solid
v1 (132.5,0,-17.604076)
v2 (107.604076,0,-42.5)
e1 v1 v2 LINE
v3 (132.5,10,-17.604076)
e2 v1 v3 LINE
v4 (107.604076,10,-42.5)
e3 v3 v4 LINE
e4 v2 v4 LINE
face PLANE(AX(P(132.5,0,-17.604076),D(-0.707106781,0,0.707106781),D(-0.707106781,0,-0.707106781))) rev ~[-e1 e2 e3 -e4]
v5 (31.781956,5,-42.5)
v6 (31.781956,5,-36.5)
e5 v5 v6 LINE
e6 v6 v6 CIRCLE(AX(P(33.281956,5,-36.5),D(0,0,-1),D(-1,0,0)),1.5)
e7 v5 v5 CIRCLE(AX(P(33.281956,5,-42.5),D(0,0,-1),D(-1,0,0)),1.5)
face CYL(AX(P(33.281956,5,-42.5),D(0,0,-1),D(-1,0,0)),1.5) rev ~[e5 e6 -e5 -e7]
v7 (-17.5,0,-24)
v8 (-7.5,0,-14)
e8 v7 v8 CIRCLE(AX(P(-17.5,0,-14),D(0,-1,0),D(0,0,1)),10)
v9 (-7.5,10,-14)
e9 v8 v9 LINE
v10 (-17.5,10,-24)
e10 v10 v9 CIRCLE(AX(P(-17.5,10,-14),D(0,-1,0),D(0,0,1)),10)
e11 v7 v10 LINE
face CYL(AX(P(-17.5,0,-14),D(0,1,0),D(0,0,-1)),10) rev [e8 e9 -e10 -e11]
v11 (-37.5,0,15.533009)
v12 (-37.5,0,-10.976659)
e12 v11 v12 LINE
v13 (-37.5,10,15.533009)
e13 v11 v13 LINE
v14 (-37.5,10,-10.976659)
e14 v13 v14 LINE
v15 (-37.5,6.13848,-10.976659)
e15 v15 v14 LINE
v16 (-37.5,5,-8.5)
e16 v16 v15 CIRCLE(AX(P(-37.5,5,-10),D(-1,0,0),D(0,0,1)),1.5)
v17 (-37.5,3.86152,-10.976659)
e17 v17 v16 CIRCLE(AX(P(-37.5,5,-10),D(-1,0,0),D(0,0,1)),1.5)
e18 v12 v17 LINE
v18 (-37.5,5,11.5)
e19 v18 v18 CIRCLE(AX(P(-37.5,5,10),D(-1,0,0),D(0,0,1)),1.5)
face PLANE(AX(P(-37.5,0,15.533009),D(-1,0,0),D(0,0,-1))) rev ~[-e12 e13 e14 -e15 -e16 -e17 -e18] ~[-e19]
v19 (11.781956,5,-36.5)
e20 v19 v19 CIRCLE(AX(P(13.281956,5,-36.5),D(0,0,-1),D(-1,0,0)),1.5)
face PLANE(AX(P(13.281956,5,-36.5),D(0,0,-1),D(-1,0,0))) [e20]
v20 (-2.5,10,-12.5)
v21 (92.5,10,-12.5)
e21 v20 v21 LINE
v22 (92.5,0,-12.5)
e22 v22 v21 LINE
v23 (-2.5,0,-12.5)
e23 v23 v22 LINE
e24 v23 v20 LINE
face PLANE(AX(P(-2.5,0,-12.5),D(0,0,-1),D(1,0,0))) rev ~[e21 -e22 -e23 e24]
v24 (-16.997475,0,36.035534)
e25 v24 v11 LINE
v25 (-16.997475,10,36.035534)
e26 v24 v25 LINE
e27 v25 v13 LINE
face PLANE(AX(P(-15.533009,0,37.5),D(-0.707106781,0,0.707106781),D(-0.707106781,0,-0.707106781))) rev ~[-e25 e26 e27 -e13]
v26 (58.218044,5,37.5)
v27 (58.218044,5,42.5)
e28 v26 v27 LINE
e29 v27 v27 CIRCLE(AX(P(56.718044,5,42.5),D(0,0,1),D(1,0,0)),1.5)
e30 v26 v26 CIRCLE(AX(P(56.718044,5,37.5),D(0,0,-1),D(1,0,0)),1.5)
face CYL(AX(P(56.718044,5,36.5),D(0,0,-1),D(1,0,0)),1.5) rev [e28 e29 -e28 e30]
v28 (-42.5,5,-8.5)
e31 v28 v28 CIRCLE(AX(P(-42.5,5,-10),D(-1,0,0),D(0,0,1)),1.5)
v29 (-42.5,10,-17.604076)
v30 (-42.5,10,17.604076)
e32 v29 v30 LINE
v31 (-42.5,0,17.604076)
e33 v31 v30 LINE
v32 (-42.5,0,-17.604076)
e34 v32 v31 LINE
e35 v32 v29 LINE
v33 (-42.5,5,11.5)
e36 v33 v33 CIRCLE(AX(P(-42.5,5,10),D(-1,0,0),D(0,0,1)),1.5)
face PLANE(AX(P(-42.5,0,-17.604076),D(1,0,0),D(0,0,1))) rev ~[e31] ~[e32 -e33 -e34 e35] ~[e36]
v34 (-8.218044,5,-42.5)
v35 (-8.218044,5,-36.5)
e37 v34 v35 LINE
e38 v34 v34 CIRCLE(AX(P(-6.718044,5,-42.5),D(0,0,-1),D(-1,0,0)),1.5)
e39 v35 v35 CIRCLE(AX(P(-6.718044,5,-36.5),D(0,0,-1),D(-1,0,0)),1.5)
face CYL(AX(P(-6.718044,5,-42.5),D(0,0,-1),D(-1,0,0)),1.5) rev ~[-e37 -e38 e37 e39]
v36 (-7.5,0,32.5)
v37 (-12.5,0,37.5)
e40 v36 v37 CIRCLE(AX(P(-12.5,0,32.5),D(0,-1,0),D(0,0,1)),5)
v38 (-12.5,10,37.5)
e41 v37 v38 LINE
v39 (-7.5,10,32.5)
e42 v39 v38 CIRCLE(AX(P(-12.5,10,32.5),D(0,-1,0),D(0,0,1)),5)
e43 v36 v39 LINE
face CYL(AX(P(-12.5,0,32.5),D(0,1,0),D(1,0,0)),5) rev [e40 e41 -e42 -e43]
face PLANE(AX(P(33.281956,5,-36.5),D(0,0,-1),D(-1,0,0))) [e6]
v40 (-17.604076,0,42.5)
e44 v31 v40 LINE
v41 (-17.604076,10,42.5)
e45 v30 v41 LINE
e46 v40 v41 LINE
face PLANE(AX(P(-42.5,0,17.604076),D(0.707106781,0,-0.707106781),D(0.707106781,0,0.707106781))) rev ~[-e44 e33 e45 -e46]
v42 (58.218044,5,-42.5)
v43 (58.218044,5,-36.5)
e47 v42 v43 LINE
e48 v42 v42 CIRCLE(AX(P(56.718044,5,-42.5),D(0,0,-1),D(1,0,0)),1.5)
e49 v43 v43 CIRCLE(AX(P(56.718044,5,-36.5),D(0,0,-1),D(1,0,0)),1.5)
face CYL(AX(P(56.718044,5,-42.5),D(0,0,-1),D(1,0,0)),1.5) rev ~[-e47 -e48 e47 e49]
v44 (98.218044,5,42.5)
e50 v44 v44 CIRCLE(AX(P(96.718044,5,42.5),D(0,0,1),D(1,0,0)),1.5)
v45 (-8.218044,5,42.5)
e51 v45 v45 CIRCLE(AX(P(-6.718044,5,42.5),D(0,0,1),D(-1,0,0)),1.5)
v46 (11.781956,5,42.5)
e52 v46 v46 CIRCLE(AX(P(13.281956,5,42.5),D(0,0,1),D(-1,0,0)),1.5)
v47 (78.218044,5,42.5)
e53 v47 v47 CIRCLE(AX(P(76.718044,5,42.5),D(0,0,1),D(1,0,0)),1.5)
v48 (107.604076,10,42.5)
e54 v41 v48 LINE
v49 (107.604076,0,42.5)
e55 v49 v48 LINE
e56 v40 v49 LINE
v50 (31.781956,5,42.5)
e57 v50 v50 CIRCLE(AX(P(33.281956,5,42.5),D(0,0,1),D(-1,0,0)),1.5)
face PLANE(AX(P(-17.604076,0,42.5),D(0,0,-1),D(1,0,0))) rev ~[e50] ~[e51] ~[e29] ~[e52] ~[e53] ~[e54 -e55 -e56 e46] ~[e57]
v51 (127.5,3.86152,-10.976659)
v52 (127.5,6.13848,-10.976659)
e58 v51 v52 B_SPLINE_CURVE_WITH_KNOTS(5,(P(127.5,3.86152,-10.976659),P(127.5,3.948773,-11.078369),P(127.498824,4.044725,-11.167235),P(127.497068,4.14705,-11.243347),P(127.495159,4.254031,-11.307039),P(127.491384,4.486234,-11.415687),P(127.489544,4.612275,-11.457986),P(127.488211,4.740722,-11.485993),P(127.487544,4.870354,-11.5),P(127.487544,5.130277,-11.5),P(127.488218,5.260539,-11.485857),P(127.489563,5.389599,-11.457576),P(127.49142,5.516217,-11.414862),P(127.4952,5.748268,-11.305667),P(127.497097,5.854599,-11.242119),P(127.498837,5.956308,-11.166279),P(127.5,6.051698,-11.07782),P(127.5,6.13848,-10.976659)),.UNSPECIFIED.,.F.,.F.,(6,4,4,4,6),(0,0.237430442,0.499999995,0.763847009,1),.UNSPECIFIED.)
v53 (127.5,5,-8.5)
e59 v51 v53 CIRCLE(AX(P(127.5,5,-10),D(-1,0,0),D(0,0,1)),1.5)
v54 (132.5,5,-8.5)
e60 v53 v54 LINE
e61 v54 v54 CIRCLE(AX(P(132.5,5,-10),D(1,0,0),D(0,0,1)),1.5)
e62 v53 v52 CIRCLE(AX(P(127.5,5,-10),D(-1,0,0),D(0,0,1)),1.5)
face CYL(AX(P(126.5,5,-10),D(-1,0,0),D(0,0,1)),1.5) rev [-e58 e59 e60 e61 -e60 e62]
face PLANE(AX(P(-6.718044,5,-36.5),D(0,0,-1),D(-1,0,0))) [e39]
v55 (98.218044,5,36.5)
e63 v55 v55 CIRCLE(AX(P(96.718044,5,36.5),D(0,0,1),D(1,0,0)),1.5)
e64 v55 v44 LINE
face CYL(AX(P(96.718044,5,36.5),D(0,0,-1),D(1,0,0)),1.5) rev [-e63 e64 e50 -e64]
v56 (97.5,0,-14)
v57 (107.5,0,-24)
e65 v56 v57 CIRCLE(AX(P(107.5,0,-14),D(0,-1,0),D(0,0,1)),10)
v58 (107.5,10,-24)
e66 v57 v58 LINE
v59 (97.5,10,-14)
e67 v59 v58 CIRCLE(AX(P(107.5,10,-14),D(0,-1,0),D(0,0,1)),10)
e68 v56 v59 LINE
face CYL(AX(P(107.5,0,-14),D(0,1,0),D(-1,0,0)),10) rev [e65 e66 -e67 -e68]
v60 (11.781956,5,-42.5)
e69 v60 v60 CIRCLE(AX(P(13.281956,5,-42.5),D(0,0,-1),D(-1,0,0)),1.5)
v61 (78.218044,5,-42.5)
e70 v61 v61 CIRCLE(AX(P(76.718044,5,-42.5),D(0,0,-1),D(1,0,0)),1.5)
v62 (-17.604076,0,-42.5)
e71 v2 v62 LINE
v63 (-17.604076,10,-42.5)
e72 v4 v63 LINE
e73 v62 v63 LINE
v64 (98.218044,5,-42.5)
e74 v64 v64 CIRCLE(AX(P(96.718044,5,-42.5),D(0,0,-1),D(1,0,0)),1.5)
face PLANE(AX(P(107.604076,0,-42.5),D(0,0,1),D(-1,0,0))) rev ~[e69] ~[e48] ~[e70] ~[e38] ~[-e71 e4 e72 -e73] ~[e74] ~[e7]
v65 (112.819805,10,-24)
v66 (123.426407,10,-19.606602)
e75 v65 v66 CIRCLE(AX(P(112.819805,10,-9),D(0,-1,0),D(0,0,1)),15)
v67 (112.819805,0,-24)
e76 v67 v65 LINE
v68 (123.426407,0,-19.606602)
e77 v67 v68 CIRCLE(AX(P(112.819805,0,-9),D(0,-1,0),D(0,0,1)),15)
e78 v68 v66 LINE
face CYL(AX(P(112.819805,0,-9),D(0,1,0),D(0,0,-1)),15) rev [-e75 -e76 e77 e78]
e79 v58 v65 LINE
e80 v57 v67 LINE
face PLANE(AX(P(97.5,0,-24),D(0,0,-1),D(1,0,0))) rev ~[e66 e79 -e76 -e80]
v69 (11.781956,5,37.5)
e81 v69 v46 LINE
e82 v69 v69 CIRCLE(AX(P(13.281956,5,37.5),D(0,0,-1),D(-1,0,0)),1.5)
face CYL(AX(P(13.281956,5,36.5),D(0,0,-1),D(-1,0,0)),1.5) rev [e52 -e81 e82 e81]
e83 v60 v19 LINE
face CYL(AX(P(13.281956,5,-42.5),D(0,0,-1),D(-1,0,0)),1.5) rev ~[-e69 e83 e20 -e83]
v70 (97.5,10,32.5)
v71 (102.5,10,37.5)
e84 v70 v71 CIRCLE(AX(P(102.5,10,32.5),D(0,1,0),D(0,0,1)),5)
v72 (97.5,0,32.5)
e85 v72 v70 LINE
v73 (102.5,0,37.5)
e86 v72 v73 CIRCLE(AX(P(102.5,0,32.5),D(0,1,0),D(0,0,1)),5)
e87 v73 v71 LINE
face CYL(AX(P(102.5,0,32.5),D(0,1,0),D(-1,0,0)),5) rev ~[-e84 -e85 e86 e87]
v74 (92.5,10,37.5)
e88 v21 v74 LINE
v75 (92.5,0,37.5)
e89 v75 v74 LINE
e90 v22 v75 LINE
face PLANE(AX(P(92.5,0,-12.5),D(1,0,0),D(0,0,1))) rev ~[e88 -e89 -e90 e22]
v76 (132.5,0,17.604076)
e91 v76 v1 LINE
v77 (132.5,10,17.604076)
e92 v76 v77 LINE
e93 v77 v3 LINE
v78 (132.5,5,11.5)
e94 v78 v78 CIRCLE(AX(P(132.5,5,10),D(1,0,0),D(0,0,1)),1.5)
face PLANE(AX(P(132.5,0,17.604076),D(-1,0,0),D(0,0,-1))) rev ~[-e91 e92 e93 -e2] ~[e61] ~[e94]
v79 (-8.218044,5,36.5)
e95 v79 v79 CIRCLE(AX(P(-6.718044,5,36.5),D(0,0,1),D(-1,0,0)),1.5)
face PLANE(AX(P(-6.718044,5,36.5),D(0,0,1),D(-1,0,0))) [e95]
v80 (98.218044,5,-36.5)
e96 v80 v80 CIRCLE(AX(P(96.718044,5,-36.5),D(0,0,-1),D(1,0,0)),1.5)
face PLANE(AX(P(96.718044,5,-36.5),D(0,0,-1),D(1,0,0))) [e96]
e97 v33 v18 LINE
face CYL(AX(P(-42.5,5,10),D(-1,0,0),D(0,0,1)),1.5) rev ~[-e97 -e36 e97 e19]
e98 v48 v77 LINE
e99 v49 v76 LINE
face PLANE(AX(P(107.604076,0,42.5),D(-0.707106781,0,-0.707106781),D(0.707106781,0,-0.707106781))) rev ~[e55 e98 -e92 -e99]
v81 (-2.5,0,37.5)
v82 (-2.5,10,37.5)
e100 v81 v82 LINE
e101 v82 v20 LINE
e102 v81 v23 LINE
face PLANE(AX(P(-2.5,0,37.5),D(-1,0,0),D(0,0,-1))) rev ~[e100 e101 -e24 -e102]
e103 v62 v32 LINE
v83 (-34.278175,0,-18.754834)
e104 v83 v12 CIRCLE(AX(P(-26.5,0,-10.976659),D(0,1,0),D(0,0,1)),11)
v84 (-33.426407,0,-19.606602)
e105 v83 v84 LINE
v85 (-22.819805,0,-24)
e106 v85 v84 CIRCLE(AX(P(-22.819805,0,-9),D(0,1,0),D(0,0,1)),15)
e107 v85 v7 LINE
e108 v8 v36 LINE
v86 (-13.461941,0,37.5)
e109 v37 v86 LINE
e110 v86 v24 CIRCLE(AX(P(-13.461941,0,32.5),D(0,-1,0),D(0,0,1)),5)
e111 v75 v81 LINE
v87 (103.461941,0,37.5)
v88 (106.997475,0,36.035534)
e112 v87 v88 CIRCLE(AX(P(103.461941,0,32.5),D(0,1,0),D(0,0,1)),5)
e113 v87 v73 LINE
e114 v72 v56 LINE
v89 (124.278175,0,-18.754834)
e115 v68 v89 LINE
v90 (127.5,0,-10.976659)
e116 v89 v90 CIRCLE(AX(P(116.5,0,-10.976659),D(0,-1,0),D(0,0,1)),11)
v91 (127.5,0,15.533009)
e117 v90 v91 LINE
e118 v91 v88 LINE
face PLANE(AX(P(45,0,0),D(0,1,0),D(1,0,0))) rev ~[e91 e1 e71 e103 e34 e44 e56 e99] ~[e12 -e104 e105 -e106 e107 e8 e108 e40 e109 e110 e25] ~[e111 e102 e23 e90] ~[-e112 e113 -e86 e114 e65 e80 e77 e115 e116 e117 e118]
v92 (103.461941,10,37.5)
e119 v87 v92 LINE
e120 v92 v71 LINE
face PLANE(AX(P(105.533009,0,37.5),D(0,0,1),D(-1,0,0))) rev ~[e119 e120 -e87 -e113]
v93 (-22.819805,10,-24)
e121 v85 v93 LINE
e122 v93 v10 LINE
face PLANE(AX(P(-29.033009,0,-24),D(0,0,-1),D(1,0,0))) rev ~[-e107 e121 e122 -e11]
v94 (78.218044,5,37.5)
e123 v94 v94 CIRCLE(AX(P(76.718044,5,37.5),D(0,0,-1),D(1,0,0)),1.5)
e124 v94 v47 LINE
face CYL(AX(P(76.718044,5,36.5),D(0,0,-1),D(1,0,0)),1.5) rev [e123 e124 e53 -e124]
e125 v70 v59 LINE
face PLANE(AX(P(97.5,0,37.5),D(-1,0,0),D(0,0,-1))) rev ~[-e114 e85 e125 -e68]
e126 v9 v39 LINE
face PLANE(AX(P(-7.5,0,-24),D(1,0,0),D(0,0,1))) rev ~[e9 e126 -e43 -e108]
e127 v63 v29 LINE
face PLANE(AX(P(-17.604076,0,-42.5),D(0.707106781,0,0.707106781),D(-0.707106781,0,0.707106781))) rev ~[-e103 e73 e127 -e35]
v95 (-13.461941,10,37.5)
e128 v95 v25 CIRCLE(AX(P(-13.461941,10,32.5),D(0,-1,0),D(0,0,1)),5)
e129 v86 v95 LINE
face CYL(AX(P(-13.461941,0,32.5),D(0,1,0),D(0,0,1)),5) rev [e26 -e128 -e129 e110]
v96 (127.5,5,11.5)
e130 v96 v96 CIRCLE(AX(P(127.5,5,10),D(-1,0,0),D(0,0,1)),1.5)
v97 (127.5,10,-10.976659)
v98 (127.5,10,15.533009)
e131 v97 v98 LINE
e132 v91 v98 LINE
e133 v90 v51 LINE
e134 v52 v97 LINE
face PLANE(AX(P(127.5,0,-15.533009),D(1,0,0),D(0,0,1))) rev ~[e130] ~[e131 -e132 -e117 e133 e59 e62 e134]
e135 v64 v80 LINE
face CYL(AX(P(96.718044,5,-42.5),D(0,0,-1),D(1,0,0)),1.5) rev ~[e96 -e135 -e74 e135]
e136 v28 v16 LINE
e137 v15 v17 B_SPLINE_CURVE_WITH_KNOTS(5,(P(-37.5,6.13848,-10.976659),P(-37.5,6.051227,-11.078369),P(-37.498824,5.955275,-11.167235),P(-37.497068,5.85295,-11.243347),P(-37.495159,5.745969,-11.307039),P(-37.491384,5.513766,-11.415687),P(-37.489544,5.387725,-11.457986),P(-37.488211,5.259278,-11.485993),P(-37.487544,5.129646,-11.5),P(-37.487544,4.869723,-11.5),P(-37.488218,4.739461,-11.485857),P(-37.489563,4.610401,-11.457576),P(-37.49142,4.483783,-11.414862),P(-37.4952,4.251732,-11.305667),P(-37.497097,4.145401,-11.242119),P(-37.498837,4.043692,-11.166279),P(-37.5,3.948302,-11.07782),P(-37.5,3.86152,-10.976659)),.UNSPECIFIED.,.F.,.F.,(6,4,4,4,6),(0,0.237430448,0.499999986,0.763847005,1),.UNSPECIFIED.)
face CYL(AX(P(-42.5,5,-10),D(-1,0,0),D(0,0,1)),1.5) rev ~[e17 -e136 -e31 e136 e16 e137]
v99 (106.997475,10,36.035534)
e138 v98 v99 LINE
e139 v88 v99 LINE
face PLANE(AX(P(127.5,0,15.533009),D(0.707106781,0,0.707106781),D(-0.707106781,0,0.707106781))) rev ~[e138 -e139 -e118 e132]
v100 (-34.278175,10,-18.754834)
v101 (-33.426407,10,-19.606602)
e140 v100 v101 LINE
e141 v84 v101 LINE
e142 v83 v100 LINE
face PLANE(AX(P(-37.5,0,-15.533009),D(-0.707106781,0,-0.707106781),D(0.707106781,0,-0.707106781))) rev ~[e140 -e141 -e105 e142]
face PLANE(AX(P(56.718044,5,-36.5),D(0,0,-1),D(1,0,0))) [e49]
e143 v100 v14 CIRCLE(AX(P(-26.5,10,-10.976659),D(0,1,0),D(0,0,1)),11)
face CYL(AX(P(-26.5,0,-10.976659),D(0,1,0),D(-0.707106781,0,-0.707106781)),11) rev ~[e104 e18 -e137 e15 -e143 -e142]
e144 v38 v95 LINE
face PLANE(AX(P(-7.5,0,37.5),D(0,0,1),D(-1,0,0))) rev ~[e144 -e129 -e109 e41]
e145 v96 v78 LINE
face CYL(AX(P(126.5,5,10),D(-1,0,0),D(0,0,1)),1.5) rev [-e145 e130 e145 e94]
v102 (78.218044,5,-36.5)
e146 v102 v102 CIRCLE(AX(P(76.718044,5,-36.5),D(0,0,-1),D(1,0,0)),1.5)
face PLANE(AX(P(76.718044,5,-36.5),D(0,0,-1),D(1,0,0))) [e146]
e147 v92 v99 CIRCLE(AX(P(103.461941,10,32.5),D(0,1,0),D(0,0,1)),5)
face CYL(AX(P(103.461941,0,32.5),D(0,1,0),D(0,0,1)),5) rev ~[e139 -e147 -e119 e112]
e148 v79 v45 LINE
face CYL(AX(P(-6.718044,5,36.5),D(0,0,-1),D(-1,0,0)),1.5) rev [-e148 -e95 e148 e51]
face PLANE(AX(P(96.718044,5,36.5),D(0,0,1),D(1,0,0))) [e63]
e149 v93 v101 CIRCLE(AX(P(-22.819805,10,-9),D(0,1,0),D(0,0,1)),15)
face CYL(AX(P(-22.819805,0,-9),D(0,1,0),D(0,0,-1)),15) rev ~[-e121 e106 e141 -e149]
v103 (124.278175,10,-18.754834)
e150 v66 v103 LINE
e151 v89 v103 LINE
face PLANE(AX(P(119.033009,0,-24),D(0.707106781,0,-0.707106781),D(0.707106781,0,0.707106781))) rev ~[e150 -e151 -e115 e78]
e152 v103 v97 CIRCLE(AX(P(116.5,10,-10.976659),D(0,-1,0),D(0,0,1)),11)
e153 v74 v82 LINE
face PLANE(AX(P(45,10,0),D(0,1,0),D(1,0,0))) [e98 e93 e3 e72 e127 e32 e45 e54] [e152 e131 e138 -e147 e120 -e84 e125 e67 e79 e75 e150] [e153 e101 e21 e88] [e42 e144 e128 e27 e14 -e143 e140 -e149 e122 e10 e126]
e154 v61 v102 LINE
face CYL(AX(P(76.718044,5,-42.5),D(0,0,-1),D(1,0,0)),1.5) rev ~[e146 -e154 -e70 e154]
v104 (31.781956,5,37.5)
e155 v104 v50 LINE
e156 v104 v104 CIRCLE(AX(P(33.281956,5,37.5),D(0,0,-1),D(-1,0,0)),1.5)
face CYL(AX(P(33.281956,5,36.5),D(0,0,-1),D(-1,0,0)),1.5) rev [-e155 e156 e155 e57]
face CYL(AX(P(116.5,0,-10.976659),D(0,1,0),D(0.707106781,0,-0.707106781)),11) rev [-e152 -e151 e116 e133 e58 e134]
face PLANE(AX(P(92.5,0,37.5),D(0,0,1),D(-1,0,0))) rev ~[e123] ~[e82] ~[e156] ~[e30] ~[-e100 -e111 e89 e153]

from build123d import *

# Parameters (mm, degrees)
EXTRUDE_1_DEPTH     = 10
FILLET_1_R          = 10
FILLET_11_R         = 5
FILLET_21_R         = 15
FILLET_24_R         = 11
SKETCH_5_R          = 1.5
CUT_EXTRUDE_1_DEPTH = 6
SKETCH_2_R          = 1.5
CUT_EXTRUDE_2_DEPTH = 6
CUT_EXTRUDE_START   = -6
SKETCH_3_R          = 1.5
CUT_EXTRUDE_3_DEPTH = 6
SKETCH_4_R          = 1.5
CUT_EXTRUDE_4_DEPTH = 6


with BuildPart() as part:
    # 草图1 → 凸台-拉伸1 (new body)
    with BuildSketch(Plane(origin=(0, 0, 0), x_dir=(1, 0, 0), z_dir=(0, 1, 0))):
        Polygon((73.431457505, 42.5), (16.568542495, 42.5), (-17.604076401, 42.5), (-42.5, 17.604076401), (-42.5, -17.604076401), (-17.604076401, -42.5), (16.568542495, -42.5), (73.431457505, -42.5), (107.604076401, -42.5), (132.5, -17.604076401), (132.5, 17.604076401), (107.604076401, 42.5), align=None)
        Polygon((-37.5, 15.533008589), (-29.033008589, 24), (-7.5, 24), (-7.5, -37.5), (-15.533008589, -37.5), (-37.5, -15.533008589), align=None, mode=Mode.SUBTRACT)
        Polygon((19.068542495, -37.5), (16.568542495, -37.5), (6.858116823, -37.5), (-2.5, -37.5), (-2.5, -28), (-2.5, 12.5), (92.5, 12.5), (92.5, -28), (92.5, -37.5), (83.141883177, -37.5), (73.431457505, -37.5), align=None, mode=Mode.SUBTRACT)
        Polygon((97.5, 24), (119.033008589, 24), (127.5, 15.533008589), (127.5, -15.533008589), (105.533008589, -37.5), (97.5, -37.5), align=None, mode=Mode.SUBTRACT)
    extrude(amount=EXTRUDE_1_DEPTH)

    # 圆角1
    fillet_1_edges = [part.edges().sort_by_distance(p)[0] for p in [
        (-7.5, 5, -24),
        (97.5, 5, -24),
    ]]
    fillet(fillet_1_edges, radius=FILLET_1_R)

    # 圆角11
    fillet_11_edges = [part.edges().sort_by_distance(p)[0] for p in [
        (-15.533008589, 5, 37.5),
        (-7.5, 5, 37.5),
        (97.5, 5, 37.5),
        (105.533008589, 5, 37.5),
    ]]
    fillet(fillet_11_edges, radius=FILLET_11_R)

    # 圆角21
    fillet_21_edges = [part.edges().sort_by_distance(p)[0] for p in [
        (-29.033008589, 5, -24),
        (119.033008589, 5, -24),
    ]]
    fillet(fillet_21_edges, radius=FILLET_21_R)

    # 圆角24
    fillet_24_edges = [part.edges().sort_by_distance(p)[0] for p in [
        (-37.5, 5, -15.533008589),
        (127.5, 5, -15.533008589),
    ]]
    fillet(fillet_24_edges, radius=FILLET_24_R)

    # 草图5 → 切除-拉伸1 (cut)
    with BuildSketch(Plane.ZY.offset(42.5)):
        with Locations((10, 5)):
            Circle(SKETCH_5_R)
        with Locations((-10, 5)):
            Circle(SKETCH_5_R)
    extrude(amount=-CUT_EXTRUDE_1_DEPTH, mode=Mode.SUBTRACT)

    # 草图2 → 切除-拉伸2 (cut)
    with BuildSketch(Plane(origin=(0, 0, -42.5), x_dir=(-1, 0, 0), z_dir=(0, 0, -1))):
        with Locations((-33.281955929, 5)):
            Circle(SKETCH_2_R)
        with Locations((-13.281955929, 5)):
            Circle(SKETCH_2_R)
        with Locations((6.718044071, 5)):
            Circle(SKETCH_2_R)
        with Locations(Location((-96.718044071, 5, 0), (0, 0, 180))):
            Circle(SKETCH_2_R)
        with Locations(Location((-76.718044071, 5, 0), (0, 0, 180))):
            Circle(SKETCH_2_R)
        with Locations(Location((-56.718044071, 5, 0), (0, 0, 180))):
            Circle(SKETCH_2_R)
    extrude(amount=-CUT_EXTRUDE_2_DEPTH, mode=Mode.SUBTRACT)

    # 草图3 → 切除-拉伸3 (cut)
    with BuildSketch(Plane(origin=(132.5, 0, 0), x_dir=(0, 0, -1), z_dir=(1, 0, 0)).offset(CUT_EXTRUDE_START)):
        with Locations(Location((10, 5, 0), (0, 0, 180))):
            Circle(SKETCH_3_R)
        with Locations(Location((-10, 5, 0), (0, 0, 180))):
            Circle(SKETCH_3_R)
    extrude(amount=CUT_EXTRUDE_3_DEPTH, mode=Mode.SUBTRACT)

    # 草图4 → 切除-拉伸4 (cut)
    with BuildSketch(Plane.XY.offset(42.5).offset(CUT_EXTRUDE_START)):
        with Locations((56.718044071, 5)):
            Circle(SKETCH_4_R)
        with Locations((76.718044071, 5)):
            Circle(SKETCH_4_R)
        with Locations((96.718044071, 5)):
            Circle(SKETCH_4_R)
        with Locations(Location((33.281955929, 5, 0), (0, 0, 180))):
            Circle(SKETCH_4_R)
        with Locations(Location((13.281955929, 5, 0), (0, 0, 180))):
            Circle(SKETCH_4_R)
        with Locations(Location((-6.718044071, 5, 0), (0, 0, 180))):
            Circle(SKETCH_4_R)
    extrude(amount=CUT_EXTRUDE_4_DEPTH, mode=Mode.SUBTRACT)


solid = part.part
